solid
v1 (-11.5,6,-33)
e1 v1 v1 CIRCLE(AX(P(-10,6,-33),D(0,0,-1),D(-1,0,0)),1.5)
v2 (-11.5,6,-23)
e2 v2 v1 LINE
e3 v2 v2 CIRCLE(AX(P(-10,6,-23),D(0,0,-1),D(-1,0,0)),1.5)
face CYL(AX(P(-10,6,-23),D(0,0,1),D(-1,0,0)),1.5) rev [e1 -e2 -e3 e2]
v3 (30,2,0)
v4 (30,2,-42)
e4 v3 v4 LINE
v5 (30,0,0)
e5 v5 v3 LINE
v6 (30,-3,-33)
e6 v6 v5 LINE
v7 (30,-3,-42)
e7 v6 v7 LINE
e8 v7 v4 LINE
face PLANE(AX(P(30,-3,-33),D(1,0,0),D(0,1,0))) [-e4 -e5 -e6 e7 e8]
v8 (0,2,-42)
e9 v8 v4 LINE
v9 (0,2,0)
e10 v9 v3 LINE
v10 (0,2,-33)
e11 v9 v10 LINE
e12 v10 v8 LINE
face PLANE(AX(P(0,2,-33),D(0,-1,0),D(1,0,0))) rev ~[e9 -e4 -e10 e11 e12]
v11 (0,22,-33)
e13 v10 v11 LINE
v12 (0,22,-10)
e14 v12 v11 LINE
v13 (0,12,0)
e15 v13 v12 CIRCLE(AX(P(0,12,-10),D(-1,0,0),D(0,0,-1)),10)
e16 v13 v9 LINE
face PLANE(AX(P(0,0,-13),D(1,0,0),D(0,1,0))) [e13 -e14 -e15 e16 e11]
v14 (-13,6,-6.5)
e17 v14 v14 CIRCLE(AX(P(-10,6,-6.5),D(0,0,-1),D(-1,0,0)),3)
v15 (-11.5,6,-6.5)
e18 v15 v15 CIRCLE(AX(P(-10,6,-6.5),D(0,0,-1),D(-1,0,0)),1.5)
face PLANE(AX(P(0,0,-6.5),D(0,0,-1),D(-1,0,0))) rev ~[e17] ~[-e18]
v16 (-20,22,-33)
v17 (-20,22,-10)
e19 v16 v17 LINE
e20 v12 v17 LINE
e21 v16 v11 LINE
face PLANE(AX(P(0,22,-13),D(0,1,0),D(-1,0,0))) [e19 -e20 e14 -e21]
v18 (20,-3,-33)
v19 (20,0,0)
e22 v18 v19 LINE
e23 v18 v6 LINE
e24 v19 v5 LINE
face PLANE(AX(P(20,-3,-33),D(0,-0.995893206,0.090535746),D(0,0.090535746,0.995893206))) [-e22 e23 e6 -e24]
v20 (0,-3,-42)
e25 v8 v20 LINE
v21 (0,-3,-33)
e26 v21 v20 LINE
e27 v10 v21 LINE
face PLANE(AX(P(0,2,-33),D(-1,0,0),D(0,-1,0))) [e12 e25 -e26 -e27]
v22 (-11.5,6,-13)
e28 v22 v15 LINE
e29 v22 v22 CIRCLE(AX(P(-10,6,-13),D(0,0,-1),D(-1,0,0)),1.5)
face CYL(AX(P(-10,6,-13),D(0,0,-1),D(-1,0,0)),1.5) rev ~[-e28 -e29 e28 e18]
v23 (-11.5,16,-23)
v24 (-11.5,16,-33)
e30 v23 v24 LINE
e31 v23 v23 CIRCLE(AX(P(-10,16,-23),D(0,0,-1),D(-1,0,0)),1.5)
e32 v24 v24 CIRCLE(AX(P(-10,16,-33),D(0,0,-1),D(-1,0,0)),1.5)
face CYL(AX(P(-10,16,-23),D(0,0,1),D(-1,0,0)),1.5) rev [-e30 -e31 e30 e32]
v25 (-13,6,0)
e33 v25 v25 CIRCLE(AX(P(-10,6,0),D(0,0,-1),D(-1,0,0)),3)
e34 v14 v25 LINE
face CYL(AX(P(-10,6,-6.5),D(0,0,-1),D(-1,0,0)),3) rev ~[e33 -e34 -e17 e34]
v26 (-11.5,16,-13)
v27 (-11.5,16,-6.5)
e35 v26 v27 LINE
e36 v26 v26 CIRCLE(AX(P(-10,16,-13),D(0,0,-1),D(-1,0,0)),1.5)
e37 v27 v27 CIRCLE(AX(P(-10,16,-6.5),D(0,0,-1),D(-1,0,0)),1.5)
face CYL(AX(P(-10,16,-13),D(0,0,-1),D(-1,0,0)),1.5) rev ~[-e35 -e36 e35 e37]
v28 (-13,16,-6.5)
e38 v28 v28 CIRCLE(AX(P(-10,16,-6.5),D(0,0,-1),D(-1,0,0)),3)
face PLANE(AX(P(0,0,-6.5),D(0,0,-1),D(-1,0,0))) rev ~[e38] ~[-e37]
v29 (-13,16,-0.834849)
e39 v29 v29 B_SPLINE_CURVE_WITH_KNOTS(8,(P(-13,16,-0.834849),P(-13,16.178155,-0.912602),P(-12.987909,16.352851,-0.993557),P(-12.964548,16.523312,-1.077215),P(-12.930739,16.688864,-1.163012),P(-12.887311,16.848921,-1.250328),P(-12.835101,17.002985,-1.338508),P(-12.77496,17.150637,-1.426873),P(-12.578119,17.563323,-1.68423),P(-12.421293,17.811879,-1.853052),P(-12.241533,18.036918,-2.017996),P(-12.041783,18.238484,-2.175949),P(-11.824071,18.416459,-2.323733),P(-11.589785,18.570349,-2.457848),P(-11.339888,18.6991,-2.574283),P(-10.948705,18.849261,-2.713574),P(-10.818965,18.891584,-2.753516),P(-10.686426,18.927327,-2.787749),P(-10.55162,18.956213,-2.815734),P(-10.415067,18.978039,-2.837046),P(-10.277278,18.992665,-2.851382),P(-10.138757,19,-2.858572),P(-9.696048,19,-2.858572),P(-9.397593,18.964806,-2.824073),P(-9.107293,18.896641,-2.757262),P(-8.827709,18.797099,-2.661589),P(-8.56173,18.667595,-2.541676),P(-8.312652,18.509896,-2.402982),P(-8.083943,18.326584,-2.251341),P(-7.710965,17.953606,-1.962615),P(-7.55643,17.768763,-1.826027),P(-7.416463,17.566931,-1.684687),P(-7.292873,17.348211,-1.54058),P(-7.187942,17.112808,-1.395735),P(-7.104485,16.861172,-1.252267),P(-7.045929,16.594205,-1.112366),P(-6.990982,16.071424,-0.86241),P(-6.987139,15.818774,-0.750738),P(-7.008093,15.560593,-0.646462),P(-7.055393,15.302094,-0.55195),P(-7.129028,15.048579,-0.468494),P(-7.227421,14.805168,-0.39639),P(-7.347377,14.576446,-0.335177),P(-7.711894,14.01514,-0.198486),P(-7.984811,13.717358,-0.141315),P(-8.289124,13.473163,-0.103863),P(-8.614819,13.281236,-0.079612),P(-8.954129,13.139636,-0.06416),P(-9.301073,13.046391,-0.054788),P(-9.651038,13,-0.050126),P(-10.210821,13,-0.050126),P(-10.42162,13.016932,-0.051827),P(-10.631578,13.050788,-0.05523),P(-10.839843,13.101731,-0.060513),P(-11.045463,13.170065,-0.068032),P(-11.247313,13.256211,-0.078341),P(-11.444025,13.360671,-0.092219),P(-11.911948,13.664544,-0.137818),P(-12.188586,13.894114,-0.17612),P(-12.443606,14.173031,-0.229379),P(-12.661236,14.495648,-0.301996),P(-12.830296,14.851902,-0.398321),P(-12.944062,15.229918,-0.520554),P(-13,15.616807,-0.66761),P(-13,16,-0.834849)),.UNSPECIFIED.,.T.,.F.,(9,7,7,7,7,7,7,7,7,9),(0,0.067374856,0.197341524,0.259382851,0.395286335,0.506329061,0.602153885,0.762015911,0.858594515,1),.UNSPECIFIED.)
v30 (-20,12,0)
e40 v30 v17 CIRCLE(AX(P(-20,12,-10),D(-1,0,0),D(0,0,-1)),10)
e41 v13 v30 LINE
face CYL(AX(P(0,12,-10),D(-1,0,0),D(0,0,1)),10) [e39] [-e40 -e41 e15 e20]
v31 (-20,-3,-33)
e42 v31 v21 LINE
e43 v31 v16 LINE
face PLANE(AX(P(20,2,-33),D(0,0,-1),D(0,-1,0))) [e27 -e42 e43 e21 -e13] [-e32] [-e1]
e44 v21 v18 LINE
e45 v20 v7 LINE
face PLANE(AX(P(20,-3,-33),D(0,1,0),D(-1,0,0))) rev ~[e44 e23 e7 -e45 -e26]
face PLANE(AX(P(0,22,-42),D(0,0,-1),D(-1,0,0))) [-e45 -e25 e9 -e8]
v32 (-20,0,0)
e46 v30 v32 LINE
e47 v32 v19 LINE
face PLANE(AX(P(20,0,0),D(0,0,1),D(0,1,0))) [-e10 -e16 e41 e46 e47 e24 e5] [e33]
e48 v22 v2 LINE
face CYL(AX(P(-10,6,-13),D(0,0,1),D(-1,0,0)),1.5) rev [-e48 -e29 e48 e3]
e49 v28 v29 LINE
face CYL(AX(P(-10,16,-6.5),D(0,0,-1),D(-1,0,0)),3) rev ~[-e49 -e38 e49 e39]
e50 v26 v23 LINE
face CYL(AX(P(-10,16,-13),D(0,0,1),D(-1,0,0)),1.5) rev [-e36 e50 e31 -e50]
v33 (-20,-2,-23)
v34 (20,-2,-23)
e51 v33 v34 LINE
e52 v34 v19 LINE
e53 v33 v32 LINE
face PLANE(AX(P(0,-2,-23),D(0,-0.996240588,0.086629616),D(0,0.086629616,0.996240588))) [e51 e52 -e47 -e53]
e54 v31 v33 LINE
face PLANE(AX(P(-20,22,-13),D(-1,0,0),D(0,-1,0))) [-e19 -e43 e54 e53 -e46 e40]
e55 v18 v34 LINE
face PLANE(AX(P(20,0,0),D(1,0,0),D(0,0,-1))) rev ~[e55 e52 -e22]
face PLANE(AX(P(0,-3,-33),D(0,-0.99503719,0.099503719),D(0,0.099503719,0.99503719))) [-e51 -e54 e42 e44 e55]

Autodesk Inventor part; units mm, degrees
sketch "Sketch1" plane through (0, 0, 0) normal (0, 1, 0) x (-1, 0, 0)
  line L0 (0, 0) -> (-20, 0)
  line L1 (-20, 0) -> (-20, -13)
  line L2 (-20, -13) -> (0, -13)
  line L3 (0, -13) -> (0, 0)
  line L4 (0, -13) -> (20, -13)
  line L5 (20, -13) -> (20, -10)
  line L6 (20, -10) -> (0, -10)
  line L7 (0, -10) -> (0, -13)
  line L8 (0, -13) -> (-20, -13)
  line L9 (-20, -13) -> (-20, -23)
  line L10 (-20, -23) -> (0, -23)
  line L11 (0, -23) -> (0, -13)
  line L12 (20, -10) -> (0, -10)
  line L13 (0, -10) -> (0, 0)
  line L14 (0, 0) -> (20, 0)
  line L15 (20, 0) -> (20, -10)
  dimension "d0" = 20
  dimension "d1" = 13
  dimension "d2" = 20
  dimension "d3" = 3
  dimension "d4" = 10
extrude "Extrusion1" add sketch "Sketch1" along normal blind 2 contours L3 L2 L1 L0 | L2 L11 L10 L9
extrude "Extrusion2" add sketch "Sketch1" along normal blind 22 contours L6 L5 L4 L3
extrude "Extrusion3" add sketch "Sketch1" along normal blind 2 contours L14 L15 L6 L3
ref_plane "Work Plane1" through (-10, 2, -13) normal (1, 0, 0) x (0, 0, -1)
sketch "Sketch2" plane through (-10, 2, -13) normal (1, 0, 0) x (0, 0, -1)
  line L0 (0, 20) -> (-3, 20) projected
  line L1 (-13, -2) -> (-13, 0) projected
  line L2 (-13, 0) -> (-3, 0)
  line L3 (-3, 0) -> (-3, 20) projected
  line L4 (-3, 0) -> (-3, 20)
  line L5 (-3, 20) -> (-13, 20)
  line L6 (-13, 20) -> (-13, 0)
  line L7 (-13, 0) -> (-3, 0)
  line L8 (-3, 0) -> (-3, 20)
extrude "Extrusion4" add sketch "Sketch2" along normal mid plane 20
fillet "Fillet1" radius 10 1 edges at (-10, 22, 0)
sketch "Sketch3" plane through (0, 0, -13) normal (0, 0, -1) x (-1, 0, 0)
  circle A0 centre (10, 16) radius 1.5
  line L0 (0, 22) -> (20, 22) projected
  circle A1 centre (10, 6) radius 1.5
  line L1 (0, 0) -> (20, 0) projected
  point P0 (10, 0)
  dimension "d14" = 3
  dimension "d15" = 6
  dimension "d16" = 3
  dimension "d18" = 6
extrude "Extrusion5" cut sketch "Sketch3" against normal blind 20
ref_plane "Work Plane2" through (0, 0, -6.5) normal (0, 0, -1) x (-1, 0, 0)
sketch "Sketch4" plane through (0, 0, -6.5) normal (0, 0, -1) x (-1, 0, 0)
  circle A0 centre (10, 16) radius 1.5 projected
  circle A1 centre (10, 16) radius 3
  circle A2 centre (10, 6) radius 1.5 projected
  circle A3 centre (10, 6) radius 3
  point P0 (0, 0)
  dimension "d21" = 6
  dimension "d22" = 6
extrude "Extrusion6" cut sketch "Sketch4" against normal blind 20
sketch "Sketch5" plane through (0, 0, -13) normal (0, 0, -1) x (-1, 0, 0)
  line L0 (0, 22) -> (20, 22) projected
  line L1 (0, 0) -> (20, 0) projected
  line L2 (0, 22) -> (20, 22)
  line L3 (20, 22) -> (20, 0)
  line L4 (20, 0) -> (0, 0)
  line L5 (0, 0) -> (0, 22)
  circle A0 centre (10, 16) radius 1.5 projected
  circle A1 centre (10, 16) radius 1.5
  circle A2 centre (10, 6) radius 1.5 projected
  circle A3 centre (10, 6) radius 1.5
extrude "Extrusion7" add sketch "Sketch5" along normal blind 10
ref_plane "Work Plane3" through (0, 0, 0) normal (1, 0, 0) x (0, 0, -1)
sketch "Sketch6" plane through (0, 0, 0) normal (1, 0, 0) x (0, 0, -1)
  line L0 (0, 0) -> (23, 0) projected
  line L1 (23, 0) -> (23, -2)
  line L2 (23, -2) -> (0, 0)
  line L3 (0, 0) -> (23, 0)
  dimension "d27" = 2
extrude "Extrusion8" add sketch "Sketch6" along normal mid plane 40
sketch "Sketch7" plane through (0, 22, -23) normal (0, 0, -1) x (-1, 0, 0)
  line L0 (20, 0) -> (0, 0) projected
  line L1 (20, -24) -> (20, -22) projected
  line L2 (0, 0) -> (20, 0)
  line L3 (20, 0) -> (20, -24)
  line L4 (20, -24) -> (0, -24)
  line L5 (0, -24) -> (0, 0)
  line L6 (0, -20) -> (-20, -20) projected
  line L7 (-20, -20) -> (0, -20)
  line L8 (0, -20) -> (0, -24)
  line L9 (0, -24) -> (-20, -24)
  line L10 (-20, -24) -> (-20, -20)
  circle A0 centre (10, -6) radius 1.5 projected
  circle A1 centre (10, -6) radius 1.5
  circle A2 centre (10, -16) radius 1.5 projected
  circle A3 centre (10, -16) radius 1.5
  point P0 (0, -22)
extrude "Extrusion9" add sketch "Sketch7" along normal blind 10
sketch "Sketch8" plane through (0, 0, 0) normal (1, 0, 0) x (0, 0, -1)
  line L0 (23, -2) -> (33, -2) projected
  line L1 (33, -2) -> (33, -3)
  line L2 (33, -3) -> (23, -2)
  point P0 (0, 0)
  dimension "d32" = 1
extrude "Extrusion10" add sketch "Sketch8" along normal mid plane 40
sketch "Sketch9" plane through (20, 0, 0) normal (1, 0, 0) x (0, 0, -1)
  line L0 (33, 2) -> (0, 2) projected
  line L1 (0, 2) -> (33, 2)
  line L2 (33, 2) -> (33, -3) projected
  line L3 (33, 2) -> (33, -3)
  line L4 (23, -2) -> (0, 0) projected
  line L5 (33, -3) -> (0, 0)
  line L6 (0, 0) -> (0, 2)
extrude "Extrusion11" add sketch "Sketch9" along normal blind 10
sketch "Sketch10" plane through (0, 22, -33) normal (0, 0, -1) x (-1, 0, 0)
  line L0 (0, -20) -> (-30, -20) projected
  line L1 (-30, -20) -> (0, -20)
  line L2 (0, -20) -> (0, -25)
  line L3 (-20, -25) -> (20, -25) projected
  line L4 (-30, -25) -> (-30, -20) projected
  line L5 (-30, -25) -> (-30, -20)
  line L6 (-20, -24) -> (-20, -25) projected
  line L7 (-20, -25) -> (-30, -25) projected
  line L8 (-20, -25) -> (-30, -25)
  point P0 (0, -22)
extrude "Extrusion12" add sketch "Sketch10" along normal blind 9
properties part number "Holder Motor Lifter 2"
